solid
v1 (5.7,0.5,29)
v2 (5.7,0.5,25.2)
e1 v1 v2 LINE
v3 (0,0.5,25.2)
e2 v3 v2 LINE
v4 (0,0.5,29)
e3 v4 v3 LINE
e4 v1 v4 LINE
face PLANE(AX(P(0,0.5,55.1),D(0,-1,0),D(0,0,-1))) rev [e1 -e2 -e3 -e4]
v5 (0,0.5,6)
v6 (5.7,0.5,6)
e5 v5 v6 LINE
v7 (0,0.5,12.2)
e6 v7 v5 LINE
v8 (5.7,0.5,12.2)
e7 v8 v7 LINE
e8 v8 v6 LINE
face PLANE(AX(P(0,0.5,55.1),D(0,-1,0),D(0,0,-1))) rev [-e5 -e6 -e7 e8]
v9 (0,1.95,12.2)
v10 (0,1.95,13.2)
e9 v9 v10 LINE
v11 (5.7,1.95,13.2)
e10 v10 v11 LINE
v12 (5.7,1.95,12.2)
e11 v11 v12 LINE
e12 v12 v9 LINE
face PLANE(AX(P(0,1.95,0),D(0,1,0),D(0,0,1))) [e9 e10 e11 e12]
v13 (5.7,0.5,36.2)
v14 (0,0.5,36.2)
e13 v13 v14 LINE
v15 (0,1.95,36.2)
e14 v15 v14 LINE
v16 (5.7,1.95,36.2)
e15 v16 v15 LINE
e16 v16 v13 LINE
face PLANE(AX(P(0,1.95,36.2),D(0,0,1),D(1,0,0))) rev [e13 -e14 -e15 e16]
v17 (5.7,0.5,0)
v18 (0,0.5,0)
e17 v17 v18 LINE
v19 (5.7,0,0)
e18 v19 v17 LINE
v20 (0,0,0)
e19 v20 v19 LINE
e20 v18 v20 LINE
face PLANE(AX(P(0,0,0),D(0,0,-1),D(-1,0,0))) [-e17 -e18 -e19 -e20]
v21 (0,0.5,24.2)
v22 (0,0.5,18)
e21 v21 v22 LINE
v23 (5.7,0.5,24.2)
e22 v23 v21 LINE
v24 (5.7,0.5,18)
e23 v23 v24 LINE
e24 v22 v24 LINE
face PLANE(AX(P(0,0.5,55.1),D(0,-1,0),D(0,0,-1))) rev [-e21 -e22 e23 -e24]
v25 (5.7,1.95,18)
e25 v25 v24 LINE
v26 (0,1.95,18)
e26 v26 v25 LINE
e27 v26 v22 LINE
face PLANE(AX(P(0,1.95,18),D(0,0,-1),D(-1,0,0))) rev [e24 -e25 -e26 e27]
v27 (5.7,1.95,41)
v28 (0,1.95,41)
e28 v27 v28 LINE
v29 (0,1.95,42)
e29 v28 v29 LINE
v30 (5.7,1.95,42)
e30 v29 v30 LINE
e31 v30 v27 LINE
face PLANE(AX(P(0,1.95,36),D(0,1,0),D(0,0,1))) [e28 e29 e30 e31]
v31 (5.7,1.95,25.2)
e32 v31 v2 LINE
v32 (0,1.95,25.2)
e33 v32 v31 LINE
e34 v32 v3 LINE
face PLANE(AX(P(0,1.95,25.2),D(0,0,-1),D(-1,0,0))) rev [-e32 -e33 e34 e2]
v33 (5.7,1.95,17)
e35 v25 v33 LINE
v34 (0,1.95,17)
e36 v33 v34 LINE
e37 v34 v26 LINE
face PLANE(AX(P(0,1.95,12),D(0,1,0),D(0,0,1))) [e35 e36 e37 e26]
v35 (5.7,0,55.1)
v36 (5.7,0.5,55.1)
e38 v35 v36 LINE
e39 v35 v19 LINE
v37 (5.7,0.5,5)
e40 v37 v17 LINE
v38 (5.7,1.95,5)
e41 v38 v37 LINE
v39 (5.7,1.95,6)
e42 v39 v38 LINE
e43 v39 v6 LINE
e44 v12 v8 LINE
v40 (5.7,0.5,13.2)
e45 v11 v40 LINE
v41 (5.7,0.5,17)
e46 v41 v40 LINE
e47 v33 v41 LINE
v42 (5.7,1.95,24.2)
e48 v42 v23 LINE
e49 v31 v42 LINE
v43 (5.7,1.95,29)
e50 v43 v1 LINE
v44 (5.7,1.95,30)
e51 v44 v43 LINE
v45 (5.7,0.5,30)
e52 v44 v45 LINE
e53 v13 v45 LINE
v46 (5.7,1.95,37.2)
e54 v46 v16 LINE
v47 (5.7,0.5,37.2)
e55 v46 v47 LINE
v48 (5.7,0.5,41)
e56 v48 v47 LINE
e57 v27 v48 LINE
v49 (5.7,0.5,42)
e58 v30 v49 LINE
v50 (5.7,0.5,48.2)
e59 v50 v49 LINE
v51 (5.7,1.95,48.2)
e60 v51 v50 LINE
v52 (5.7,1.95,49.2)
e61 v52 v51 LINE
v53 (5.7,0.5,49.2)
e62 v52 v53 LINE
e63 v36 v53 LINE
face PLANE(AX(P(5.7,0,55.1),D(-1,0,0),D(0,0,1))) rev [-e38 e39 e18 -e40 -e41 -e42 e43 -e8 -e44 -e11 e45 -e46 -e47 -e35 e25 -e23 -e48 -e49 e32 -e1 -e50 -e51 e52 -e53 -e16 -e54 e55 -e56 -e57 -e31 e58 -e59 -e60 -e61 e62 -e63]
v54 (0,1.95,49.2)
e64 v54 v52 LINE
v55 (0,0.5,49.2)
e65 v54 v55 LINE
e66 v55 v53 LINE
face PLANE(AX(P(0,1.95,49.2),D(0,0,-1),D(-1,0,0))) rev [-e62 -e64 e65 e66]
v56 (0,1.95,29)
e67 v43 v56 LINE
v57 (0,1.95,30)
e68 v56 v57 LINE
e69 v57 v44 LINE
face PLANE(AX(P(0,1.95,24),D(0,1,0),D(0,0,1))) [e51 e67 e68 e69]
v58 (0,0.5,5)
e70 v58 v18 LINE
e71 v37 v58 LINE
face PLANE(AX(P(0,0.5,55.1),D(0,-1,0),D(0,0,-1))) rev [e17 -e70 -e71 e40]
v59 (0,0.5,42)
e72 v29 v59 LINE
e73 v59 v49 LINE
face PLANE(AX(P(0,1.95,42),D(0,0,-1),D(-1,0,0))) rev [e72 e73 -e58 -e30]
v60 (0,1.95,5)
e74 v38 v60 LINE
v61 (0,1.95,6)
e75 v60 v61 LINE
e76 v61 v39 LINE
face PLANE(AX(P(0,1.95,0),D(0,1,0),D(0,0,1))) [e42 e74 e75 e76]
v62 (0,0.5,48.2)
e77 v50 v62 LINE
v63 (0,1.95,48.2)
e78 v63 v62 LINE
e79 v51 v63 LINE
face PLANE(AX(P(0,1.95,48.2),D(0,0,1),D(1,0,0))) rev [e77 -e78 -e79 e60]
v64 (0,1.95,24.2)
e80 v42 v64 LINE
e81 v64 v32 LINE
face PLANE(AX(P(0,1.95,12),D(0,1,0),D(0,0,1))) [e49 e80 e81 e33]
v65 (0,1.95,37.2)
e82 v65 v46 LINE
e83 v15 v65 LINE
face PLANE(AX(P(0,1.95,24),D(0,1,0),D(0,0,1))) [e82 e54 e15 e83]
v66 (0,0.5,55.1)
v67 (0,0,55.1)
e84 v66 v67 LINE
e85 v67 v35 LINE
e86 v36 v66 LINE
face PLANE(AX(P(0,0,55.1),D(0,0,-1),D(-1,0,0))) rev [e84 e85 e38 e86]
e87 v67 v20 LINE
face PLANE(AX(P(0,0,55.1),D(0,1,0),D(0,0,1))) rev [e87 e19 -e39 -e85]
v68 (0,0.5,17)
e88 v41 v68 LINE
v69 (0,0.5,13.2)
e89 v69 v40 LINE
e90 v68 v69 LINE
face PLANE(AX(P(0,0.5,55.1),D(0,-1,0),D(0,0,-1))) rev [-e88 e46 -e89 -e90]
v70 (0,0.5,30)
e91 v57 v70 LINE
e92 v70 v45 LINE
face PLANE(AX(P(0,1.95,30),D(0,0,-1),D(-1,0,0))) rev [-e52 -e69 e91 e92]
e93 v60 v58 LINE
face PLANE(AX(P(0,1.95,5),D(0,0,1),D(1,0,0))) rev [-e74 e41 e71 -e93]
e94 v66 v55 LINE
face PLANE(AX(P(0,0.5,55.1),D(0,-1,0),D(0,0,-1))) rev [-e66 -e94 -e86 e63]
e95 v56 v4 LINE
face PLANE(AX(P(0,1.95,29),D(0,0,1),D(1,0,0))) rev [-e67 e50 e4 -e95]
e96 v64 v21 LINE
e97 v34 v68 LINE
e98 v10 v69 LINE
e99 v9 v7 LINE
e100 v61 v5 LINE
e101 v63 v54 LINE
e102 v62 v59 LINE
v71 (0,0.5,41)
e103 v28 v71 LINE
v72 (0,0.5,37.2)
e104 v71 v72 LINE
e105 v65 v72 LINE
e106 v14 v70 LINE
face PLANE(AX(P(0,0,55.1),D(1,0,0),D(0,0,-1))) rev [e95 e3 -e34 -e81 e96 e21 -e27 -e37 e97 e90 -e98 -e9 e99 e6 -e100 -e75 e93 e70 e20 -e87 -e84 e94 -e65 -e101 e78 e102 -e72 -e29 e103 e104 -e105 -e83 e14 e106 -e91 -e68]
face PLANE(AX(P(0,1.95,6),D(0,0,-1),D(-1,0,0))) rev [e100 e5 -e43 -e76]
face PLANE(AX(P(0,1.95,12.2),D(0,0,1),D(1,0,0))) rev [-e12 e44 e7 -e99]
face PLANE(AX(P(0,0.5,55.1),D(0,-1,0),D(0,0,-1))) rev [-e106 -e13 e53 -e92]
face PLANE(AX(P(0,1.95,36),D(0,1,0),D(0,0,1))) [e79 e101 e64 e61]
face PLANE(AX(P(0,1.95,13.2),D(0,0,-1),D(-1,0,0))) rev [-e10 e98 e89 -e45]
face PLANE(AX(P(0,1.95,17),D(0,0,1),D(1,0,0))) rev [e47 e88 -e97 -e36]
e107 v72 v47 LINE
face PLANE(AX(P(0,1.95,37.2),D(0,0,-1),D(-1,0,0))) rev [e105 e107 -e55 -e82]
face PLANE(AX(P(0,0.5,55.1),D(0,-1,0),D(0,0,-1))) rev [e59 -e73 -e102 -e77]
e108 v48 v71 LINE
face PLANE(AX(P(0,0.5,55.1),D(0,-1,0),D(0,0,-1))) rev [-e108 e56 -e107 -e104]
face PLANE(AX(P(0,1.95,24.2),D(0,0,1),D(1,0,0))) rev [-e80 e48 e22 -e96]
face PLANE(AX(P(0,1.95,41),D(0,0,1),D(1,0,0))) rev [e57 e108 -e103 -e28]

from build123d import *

# Parameters (mm, degrees)
SKETCH2_W           = 5.7
SKETCH2_H           = 0.5
BOSS_EXTRUDE1_DEPTH = 55.1
SKETCH3_W           = 5.7
SKETCH3_H           = 1
BOSS_EXTRUDE2_DEPTH = 1.45
LPATTERN1_COUNT     = 4
LPATTERN1_PITCH     = 12


with BuildPart() as part:
    # Sketch2 → Boss-Extrude1 (new body)
    with BuildSketch(Plane.XY):
        with Locations((2.85, 0.25)):
            Rectangle(SKETCH2_W, SKETCH2_H)
    extrude(amount=BOSS_EXTRUDE1_DEPTH)

    # Sketch3 → Boss-Extrude2 (add)
    with BuildSketch(Plane(origin=(0, 0.5, 0), x_dir=(1, 0, 0), z_dir=(0, 1, 0))):
        with Locations((2.85, -5.5)):
            Rectangle(SKETCH3_W, SKETCH3_H)
        with Locations((2.85, -12.7)):
            Rectangle(SKETCH3_W, SKETCH3_H)
    boss_extrude2 = extrude(amount=BOSS_EXTRUDE2_DEPTH)

    # LPattern1: Boss-Extrude2 ×4
    with Locations(*[(0, 0, i * LPATTERN1_PITCH) for i in range(1, LPATTERN1_COUNT)]):
        add(boss_extrude2)


solid = part.part
